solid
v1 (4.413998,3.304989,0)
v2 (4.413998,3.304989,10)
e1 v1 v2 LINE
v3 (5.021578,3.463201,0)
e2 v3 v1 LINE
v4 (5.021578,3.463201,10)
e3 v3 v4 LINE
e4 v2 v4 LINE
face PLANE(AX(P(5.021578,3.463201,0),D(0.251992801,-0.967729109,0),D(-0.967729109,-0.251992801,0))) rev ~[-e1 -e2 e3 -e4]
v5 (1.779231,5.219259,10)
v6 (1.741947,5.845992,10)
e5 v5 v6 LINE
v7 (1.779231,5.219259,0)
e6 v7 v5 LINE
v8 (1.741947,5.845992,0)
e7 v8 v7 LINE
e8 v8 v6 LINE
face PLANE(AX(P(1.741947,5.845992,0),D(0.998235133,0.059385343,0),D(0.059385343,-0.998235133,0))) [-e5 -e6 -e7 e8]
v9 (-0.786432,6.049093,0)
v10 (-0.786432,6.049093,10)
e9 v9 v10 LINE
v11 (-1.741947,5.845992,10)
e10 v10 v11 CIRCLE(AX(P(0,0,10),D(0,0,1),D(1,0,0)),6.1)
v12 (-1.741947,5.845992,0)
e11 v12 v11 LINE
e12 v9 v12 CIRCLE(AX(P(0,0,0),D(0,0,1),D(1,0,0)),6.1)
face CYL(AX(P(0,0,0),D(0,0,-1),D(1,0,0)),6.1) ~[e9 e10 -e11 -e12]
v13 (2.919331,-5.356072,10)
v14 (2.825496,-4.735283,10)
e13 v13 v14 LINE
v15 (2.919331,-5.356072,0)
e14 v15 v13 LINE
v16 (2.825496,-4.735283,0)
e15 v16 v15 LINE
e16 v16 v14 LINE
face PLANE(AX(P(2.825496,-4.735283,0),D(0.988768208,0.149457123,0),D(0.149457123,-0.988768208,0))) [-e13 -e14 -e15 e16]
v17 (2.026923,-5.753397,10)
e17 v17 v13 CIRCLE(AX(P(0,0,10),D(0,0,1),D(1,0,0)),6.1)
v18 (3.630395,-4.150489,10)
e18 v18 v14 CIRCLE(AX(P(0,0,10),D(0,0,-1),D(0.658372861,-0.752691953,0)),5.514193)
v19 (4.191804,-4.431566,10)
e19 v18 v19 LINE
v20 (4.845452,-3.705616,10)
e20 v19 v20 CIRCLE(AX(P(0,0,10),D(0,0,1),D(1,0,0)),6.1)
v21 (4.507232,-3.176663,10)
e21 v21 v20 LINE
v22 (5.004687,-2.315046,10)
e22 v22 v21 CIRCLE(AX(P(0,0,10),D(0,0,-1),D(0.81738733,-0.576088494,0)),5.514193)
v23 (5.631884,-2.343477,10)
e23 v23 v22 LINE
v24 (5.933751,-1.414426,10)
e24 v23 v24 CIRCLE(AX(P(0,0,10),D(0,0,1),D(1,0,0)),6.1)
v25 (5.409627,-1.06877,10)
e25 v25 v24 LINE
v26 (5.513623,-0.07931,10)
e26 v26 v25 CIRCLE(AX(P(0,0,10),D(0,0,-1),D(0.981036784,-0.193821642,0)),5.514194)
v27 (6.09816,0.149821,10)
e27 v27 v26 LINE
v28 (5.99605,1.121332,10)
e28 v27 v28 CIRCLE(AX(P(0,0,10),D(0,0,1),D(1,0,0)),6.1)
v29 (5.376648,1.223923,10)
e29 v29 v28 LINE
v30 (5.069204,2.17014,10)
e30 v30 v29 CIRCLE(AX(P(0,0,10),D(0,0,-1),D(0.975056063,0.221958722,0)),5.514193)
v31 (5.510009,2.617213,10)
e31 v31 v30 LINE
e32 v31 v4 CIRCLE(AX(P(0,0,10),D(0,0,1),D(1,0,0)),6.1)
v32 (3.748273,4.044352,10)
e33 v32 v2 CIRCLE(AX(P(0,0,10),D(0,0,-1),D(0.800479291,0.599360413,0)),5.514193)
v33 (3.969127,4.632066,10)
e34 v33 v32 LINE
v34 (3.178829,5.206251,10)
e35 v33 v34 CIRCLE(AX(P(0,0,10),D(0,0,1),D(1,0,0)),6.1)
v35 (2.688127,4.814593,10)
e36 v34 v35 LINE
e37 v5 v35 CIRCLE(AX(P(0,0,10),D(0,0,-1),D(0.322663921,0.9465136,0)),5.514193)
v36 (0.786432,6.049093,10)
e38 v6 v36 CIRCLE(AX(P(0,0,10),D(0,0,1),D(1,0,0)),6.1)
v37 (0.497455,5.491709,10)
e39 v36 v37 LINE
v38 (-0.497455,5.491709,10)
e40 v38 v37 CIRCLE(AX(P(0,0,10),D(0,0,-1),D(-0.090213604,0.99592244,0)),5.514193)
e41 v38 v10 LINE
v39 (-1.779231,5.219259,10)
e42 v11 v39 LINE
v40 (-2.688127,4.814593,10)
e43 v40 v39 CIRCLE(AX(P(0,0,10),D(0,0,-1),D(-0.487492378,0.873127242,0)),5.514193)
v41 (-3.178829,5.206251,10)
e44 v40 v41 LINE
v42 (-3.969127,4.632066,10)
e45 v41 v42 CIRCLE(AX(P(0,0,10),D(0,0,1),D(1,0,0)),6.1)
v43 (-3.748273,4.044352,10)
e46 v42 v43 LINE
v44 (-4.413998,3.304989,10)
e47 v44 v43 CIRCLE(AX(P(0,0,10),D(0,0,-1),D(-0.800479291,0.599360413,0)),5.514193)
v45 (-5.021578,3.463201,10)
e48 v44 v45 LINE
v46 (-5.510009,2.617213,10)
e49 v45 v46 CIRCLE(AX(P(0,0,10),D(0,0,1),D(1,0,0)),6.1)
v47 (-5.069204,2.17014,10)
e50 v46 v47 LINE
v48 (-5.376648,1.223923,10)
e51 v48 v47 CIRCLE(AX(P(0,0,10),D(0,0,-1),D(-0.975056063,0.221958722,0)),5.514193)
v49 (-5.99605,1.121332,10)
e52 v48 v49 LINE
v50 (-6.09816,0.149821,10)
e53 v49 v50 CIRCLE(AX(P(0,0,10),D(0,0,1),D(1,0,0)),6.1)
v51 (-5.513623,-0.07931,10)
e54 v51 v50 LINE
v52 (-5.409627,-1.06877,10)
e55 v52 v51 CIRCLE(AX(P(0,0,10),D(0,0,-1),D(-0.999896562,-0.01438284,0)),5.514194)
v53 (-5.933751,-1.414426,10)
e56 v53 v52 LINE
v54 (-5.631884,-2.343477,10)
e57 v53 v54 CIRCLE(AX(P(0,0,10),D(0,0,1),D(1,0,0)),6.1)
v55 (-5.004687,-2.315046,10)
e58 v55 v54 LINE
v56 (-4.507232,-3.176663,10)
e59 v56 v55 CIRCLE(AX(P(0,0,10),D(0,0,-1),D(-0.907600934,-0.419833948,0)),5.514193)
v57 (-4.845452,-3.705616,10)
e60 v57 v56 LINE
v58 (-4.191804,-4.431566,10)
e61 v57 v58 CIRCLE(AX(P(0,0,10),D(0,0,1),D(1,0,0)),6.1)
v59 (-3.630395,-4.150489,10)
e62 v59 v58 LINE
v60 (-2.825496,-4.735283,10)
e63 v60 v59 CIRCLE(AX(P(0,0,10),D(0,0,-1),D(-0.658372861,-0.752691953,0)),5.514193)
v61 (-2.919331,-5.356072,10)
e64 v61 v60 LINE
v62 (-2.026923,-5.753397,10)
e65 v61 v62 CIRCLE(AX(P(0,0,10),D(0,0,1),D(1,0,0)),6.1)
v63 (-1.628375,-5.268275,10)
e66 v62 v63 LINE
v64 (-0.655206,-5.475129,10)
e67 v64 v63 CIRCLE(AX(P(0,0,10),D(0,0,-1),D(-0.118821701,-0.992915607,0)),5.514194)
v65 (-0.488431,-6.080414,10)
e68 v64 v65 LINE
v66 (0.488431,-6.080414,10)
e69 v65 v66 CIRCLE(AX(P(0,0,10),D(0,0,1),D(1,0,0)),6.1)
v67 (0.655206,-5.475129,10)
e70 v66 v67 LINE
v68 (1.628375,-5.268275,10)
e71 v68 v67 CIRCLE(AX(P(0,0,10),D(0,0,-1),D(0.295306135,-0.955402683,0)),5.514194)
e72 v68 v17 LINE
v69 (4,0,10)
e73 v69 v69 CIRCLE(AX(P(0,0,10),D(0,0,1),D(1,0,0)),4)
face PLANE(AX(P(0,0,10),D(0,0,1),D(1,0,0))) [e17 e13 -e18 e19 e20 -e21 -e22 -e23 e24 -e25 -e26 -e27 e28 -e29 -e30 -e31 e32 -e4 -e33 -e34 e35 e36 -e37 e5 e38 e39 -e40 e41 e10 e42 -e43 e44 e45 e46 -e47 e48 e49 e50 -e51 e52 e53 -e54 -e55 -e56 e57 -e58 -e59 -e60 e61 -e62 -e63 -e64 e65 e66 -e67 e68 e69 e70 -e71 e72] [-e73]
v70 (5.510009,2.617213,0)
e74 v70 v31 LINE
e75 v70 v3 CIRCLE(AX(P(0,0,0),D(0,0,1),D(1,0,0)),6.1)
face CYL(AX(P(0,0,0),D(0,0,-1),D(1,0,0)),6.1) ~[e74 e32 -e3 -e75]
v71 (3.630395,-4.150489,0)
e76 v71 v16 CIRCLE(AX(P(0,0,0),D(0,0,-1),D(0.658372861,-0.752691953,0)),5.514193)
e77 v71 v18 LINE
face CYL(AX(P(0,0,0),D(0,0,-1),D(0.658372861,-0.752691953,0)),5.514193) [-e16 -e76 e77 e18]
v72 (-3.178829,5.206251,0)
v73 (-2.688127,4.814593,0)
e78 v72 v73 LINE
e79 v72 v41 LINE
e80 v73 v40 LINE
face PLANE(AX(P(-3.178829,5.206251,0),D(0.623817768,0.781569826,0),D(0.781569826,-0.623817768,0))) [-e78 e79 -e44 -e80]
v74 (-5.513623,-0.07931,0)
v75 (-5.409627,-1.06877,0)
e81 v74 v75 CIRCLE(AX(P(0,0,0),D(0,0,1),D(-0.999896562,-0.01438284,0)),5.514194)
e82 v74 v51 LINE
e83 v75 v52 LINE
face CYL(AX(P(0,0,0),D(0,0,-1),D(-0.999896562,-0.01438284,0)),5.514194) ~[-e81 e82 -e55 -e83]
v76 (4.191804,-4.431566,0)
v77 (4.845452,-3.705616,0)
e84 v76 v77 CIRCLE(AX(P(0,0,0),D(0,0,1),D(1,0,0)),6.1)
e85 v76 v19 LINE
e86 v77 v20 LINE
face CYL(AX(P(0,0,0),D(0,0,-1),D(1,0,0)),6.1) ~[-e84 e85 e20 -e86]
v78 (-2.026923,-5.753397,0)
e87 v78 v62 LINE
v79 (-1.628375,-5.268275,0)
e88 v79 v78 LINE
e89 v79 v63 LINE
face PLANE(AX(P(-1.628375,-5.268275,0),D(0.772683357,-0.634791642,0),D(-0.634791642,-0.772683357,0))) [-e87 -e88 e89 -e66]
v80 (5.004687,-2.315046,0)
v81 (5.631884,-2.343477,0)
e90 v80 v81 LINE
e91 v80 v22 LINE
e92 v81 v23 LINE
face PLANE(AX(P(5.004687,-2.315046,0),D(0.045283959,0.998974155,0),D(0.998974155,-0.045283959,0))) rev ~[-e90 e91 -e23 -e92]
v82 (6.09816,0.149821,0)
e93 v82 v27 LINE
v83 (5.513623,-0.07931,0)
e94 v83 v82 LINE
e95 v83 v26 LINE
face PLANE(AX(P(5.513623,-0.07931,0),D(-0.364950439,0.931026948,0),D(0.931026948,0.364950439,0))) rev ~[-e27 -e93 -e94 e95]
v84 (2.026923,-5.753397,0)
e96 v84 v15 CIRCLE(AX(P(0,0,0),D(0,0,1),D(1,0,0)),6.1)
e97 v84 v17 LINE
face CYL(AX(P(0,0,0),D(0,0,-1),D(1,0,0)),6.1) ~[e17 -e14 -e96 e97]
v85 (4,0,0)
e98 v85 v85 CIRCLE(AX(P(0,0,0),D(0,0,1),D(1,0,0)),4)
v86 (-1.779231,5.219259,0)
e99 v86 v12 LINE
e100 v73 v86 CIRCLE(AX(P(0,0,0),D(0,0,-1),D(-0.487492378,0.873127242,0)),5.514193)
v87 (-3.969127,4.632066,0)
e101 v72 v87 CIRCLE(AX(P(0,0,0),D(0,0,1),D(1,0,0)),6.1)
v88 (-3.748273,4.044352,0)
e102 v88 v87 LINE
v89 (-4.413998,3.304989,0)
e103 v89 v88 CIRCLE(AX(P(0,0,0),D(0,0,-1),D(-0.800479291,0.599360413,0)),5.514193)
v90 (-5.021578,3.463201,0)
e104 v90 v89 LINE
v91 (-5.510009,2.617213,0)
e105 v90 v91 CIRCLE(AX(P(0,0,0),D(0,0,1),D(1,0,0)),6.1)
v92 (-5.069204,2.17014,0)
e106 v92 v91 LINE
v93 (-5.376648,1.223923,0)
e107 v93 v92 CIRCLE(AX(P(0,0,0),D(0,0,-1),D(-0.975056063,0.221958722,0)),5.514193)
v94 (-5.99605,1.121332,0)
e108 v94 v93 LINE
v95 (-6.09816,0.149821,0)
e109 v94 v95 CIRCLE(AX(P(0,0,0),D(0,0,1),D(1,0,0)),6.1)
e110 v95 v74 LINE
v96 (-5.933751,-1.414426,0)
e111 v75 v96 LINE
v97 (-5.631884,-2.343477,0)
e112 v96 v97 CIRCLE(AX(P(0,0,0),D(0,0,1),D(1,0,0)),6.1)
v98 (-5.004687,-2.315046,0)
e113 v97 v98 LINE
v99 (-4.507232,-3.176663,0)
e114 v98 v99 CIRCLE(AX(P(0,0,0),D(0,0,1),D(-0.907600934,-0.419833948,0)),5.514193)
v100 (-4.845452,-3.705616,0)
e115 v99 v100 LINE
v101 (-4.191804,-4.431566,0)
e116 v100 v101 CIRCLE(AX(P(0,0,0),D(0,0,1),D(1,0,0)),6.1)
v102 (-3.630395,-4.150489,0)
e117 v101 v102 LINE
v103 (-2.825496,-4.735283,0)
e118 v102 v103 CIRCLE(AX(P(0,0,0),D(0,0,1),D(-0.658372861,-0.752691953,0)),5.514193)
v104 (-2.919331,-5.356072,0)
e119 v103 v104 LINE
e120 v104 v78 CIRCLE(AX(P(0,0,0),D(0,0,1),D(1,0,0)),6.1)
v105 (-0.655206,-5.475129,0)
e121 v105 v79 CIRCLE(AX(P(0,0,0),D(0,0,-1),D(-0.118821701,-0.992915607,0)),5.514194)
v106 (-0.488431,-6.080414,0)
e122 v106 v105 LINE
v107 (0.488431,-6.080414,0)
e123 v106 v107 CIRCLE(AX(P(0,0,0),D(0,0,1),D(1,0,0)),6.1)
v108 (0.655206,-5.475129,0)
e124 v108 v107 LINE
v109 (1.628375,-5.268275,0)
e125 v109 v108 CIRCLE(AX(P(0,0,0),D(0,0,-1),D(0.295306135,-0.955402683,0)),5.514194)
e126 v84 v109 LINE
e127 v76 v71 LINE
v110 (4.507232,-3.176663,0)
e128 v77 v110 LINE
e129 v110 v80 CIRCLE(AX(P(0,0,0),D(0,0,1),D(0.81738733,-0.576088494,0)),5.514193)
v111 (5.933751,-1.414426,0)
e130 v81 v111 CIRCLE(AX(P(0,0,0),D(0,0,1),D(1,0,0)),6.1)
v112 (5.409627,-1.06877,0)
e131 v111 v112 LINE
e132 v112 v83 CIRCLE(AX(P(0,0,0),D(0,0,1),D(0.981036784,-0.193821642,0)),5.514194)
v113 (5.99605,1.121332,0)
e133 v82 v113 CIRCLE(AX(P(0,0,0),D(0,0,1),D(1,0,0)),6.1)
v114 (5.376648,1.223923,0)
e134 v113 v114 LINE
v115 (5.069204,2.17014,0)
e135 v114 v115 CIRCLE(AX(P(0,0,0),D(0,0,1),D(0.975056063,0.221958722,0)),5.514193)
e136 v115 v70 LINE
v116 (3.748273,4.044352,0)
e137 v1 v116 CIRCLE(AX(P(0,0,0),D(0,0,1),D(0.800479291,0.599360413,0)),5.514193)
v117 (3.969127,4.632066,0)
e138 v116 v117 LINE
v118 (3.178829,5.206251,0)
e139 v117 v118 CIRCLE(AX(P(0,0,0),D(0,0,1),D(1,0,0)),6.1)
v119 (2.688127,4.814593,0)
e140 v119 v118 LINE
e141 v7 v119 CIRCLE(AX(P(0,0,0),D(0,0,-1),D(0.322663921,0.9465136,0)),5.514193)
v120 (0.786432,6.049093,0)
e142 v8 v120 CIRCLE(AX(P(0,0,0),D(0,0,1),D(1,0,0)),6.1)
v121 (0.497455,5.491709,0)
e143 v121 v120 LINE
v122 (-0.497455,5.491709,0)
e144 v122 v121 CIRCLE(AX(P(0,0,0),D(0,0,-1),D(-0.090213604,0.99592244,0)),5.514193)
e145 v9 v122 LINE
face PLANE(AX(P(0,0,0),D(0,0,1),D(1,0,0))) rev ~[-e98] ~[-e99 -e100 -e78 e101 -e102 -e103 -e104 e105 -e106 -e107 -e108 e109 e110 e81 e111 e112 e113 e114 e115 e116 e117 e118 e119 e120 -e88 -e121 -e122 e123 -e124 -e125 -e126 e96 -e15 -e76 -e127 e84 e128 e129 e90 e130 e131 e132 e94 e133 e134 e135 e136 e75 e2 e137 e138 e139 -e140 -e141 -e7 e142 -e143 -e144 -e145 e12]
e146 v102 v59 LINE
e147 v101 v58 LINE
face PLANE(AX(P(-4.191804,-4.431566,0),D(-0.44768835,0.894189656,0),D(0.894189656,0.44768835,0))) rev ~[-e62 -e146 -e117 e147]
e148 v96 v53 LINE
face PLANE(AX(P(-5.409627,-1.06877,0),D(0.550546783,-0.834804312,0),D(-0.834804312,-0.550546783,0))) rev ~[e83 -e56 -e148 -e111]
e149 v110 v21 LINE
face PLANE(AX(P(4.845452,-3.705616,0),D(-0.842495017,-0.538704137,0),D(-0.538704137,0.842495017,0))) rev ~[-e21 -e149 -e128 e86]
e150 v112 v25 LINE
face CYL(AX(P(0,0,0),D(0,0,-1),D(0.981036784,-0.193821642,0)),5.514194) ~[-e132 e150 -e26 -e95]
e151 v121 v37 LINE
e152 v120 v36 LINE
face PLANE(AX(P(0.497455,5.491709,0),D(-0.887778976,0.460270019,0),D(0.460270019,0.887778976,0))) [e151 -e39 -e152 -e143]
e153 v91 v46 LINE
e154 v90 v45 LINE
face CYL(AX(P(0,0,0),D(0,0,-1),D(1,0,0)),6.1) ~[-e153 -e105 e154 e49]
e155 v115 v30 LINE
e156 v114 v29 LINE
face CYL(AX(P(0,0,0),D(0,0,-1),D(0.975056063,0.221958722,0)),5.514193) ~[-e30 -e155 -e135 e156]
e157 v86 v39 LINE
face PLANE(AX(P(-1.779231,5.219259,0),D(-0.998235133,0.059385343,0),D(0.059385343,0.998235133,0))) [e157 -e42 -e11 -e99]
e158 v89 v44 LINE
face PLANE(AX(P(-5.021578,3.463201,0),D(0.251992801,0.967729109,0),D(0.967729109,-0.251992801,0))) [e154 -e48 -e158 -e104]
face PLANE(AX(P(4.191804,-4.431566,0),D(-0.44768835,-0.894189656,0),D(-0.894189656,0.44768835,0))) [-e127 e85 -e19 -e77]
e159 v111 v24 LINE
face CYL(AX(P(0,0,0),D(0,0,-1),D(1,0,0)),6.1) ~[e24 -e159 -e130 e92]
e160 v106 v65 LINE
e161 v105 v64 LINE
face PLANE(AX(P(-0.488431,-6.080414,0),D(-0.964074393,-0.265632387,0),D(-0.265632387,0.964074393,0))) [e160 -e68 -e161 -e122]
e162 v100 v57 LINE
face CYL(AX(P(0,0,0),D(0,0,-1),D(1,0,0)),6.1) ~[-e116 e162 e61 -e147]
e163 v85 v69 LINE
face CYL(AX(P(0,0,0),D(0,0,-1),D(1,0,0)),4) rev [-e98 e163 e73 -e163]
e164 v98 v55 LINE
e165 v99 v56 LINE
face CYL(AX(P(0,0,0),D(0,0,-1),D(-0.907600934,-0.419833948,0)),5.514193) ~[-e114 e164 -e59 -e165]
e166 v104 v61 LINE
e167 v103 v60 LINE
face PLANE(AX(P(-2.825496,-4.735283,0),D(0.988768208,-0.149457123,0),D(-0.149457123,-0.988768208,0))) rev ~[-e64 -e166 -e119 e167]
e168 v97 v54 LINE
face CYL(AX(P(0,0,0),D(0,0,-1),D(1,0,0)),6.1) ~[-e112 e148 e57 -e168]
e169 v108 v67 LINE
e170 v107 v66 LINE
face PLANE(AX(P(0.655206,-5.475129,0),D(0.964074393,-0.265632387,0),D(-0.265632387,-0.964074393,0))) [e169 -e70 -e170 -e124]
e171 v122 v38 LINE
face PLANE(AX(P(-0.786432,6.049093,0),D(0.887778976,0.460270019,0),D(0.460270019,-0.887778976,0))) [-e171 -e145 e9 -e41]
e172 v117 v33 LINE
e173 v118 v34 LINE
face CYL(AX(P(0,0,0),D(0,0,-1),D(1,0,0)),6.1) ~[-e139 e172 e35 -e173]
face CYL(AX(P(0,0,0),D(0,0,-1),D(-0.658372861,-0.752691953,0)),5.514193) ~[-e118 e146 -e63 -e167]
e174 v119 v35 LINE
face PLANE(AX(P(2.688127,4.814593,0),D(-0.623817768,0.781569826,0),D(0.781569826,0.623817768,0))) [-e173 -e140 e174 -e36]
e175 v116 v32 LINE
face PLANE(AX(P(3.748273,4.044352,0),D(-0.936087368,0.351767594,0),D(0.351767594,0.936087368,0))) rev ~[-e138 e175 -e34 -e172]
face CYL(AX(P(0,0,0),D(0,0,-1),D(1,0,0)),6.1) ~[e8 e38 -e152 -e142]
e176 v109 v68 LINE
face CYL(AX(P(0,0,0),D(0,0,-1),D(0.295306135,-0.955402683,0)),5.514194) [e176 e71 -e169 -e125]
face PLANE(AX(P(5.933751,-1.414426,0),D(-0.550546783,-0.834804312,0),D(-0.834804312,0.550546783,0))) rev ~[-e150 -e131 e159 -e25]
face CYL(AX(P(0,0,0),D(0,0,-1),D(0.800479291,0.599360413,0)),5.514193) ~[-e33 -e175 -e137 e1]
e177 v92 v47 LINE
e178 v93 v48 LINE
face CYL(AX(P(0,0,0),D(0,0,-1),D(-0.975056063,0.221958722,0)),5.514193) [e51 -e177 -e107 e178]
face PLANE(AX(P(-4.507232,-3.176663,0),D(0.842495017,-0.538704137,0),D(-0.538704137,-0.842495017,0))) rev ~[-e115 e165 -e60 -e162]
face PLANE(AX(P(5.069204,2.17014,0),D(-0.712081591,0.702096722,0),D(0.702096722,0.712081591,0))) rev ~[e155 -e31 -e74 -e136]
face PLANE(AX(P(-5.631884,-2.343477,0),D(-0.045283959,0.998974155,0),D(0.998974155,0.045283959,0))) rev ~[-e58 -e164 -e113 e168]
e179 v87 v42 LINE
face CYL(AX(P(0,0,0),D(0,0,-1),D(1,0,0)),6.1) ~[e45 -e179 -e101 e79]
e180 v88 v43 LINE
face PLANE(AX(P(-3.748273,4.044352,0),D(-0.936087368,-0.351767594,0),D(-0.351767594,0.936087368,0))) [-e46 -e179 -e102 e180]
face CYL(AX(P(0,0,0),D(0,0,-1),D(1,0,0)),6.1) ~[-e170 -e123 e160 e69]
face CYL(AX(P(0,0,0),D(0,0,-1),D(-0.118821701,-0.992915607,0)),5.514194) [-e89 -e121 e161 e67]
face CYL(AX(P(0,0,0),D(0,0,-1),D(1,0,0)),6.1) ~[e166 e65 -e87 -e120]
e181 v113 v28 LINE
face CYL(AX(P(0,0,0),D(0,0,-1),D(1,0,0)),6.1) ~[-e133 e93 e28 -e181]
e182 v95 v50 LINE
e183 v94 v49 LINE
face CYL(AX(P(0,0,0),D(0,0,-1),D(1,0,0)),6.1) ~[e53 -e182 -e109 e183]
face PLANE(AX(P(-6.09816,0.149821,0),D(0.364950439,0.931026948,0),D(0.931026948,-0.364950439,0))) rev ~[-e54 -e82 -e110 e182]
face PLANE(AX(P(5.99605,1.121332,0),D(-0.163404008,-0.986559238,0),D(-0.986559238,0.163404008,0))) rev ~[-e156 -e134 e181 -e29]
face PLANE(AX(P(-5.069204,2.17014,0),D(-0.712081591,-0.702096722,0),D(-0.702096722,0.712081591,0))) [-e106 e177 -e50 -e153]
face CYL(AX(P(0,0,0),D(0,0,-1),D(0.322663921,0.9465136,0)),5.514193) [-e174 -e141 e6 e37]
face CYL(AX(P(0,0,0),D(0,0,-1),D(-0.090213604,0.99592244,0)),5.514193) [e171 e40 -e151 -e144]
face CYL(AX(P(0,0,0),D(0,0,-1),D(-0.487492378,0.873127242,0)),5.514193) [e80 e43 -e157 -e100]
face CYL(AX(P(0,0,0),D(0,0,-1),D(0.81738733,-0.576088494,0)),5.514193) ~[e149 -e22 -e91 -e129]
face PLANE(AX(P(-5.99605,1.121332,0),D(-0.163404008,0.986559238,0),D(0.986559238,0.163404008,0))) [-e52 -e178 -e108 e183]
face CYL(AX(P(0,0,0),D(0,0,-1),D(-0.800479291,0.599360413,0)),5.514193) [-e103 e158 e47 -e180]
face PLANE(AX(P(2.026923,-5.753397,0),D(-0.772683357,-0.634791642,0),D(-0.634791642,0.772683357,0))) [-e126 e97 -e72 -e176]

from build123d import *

# Parameters (mm, degrees)
ESQUISSE1_R                  = 6.1
ESQUISSE1_R_2                = 4
BOSS_EXTRU_1_DEPTH           = 10
ENL_V_MAT_EXTRU_1_DEPTH      = 12
ENL_V_MAT_EXTRU_1_DEPTH_BACK = 1


with BuildPart() as part:
    # Esquisse1 → Boss.-Extru.1 (new body)
    with BuildSketch(Plane.XY):
        Circle(ESQUISSE1_R)
        Circle(ESQUISSE1_R_2, mode=Mode.SUBTRACT)
    extrude(amount=BOSS_EXTRU_1_DEPTH)

    # Esquisse3 → Enlèv. mat.-Extru.1 (cut, two sides)
    with BuildSketch(Plane.XY) as enl_v_mat_extru_1_sk:
        with BuildLine():
            Line((-4.507231971, -3.176663454), (-4.845452386, -3.705616166))
            ThreePointArc((-4.845452386, -3.705616166), (-5.282754963, -3.05), (-5.63188393, -2.343476776))
            Line((-5.63188393, -2.343476776), (-5.004687237, -2.315045661))
            ThreePointArc((-5.004687237, -2.315045661), (-4.775431715, -2.757096786), (-4.507231971, -3.176663454))
        make_face()
        with BuildLine():
            Line((-5.409626724, -1.068770068), (-5.933750898, -1.414425779))
            ThreePointArc((-5.933750898, -1.414425779), (-6.066583562, -0.637623626), (-6.098159859, 0.149821))
            Line((-6.098159859, 0.149821), (-5.513623192, -0.079309761))
            ThreePointArc((-5.513623192, -0.079309761), (-5.483986242, -0.57639018), (-5.409626724, -1.068770068))
        make_face()
        with BuildLine():
            ThreePointArc((-4.413997755, 3.304989344), (-4.09784442, 3.689715688), (-3.748272669, 4.044351956))
            Line((-3.748272669, 4.044351956), (-3.969126703, 4.632065761))
            ThreePointArc((-3.969126703, 4.632065761), (-4.533183435, 4.081696699), (-5.021577535, 3.463200696))
            Line((-5.021577535, 3.463200696), (-4.413997755, 3.304989344))
        make_face()
        with BuildLine():
            ThreePointArc((-2.688127328, 4.814592632), (-2.242824583, 5.03746649), (-1.779231332, 5.219259201))
            Line((-1.779231332, 5.219259201), (-1.741946793, 5.845991907))
            ThreePointArc((-1.741946793, 5.845991907), (-2.481093523, 5.572627292), (-3.178828722, 5.206250854))
            Line((-3.178828722, 5.206250854), (-2.688127328, 4.814592632))
        make_face()
        with BuildLine():
            Line((0.497455265, 5.491709115), (0.786431544, 6.049092943))
            ThreePointArc((0.786431544, 6.049092943), (0, 6.1), (-0.786431544, 6.049092943))
            Line((-0.786431544, 6.049092943), (-0.497455265, 5.491709115))
            ThreePointArc((-0.497455265, 5.491709115), (0, 5.514193572), (0.497455265, 5.491709115))
        make_face()
        with BuildLine():
            Line((2.688127328, 4.814592632), (3.178828722, 5.206250854))
            ThreePointArc((3.178828722, 5.206250854), (2.481093523, 5.572627292), (1.741946793, 5.845991907))
            Line((1.741946793, 5.845991907), (1.779231332, 5.219259201))
            ThreePointArc((1.779231332, 5.219259201), (2.242824583, 5.03746649), (2.688127328, 4.814592632))
        make_face()
        with BuildLine():
            Line((3.748272669, 4.044351956), (3.969126703, 4.632065761))
            ThreePointArc((3.969126703, 4.632065761), (4.533183435, 4.081696699), (5.021577535, 3.463200696))
            Line((5.021577535, 3.463200696), (4.413997755, 3.304989344))
            ThreePointArc((4.413997755, 3.304989344), (4.09784442, 3.689715688), (3.748272669, 4.044351956))
        make_face()
        with BuildLine():
            Line((-5.069203609, 2.170139516), (-5.510008549, 2.617213364))
            ThreePointArc((-5.510008549, 2.617213364), (-5.801444749, 1.885003666), (-5.996049973, 1.121331676))
            Line((-5.996049973, 1.121331676), (-5.37664787, 1.223923373))
            ThreePointArc((-5.37664787, 1.223923373), (-5.244309729, 1.703979524), (-5.069203609, 2.170139516))
        make_face()
        with BuildLine():
            ThreePointArc((5.510008549, 2.617213364), (5.801444749, 1.885003666), (5.996049973, 1.121331676))
            Line((5.996049973, 1.121331676), (5.37664787, 1.223923373))
            ThreePointArc((5.37664787, 1.223923373), (5.244309729, 1.703979524), (5.069203609, 2.170139516))
            Line((5.069203609, 2.170139516), (5.510008549, 2.617213364))
        make_face()
        with BuildLine():
            Line((5.513623192, -0.079309761), (6.098159859, 0.149821))
            ThreePointArc((6.098159859, 0.149821), (6.066583562, -0.637623626), (5.933750898, -1.414425779))
            Line((5.933750898, -1.414425779), (5.409626724, -1.068770068))
            ThreePointArc((5.409626724, -1.068770068), (5.483986242, -0.57639018), (5.513623192, -0.079309761))
        make_face()
        with BuildLine():
            Line((5.004687237, -2.315045661), (5.63188393, -2.343476776))
            ThreePointArc((5.63188393, -2.343476776), (5.282754963, -3.05), (4.845452386, -3.705616166))
            Line((4.845452386, -3.705616166), (4.507231971, -3.176663454))
            ThreePointArc((4.507231971, -3.176663454), (4.775431715, -2.757096786), (5.004687237, -2.315045661))
        make_face()
        with BuildLine():
            ThreePointArc((3.630395391, -4.150489134), (3.24116166, -4.46107631), (2.825495864, -4.735282871))
            Line((2.825495864, -4.735282871), (2.919331138, -5.356071854))
            ThreePointArc((2.919331138, -5.356071854), (3.585490039, -4.935003666), (4.191804105, -4.431566128))
            Line((4.191804105, -4.431566128), (3.630395391, -4.150489134))
        make_face()
        with BuildLine():
            ThreePointArc((1.628375202, -5.26827533), (1.146465309, -5.393695212), (0.655205854, -5.47512886))
            Line((0.655205854, -5.47512886), (0.488431014, -6.08041406))
            ThreePointArc((0.488431014, -6.08041406), (1.268261314, -5.966700364), (2.026923269, -5.753397436))
            Line((2.026923269, -5.753397436), (1.628375202, -5.26827533))
        make_face()
        with BuildLine():
            ThreePointArc((-0.655205854, -5.47512886), (-1.146465309, -5.393695212), (-1.628375202, -5.26827533))
            Line((-1.628375202, -5.26827533), (-2.026923269, -5.753397436))
            ThreePointArc((-2.026923269, -5.753397436), (-1.268261314, -5.966700364), (-0.488431014, -6.08041406))
            Line((-0.488431014, -6.08041406), (-0.655205854, -5.47512886))
        make_face()
        with BuildLine():
            ThreePointArc((-2.919331138, -5.356071854), (-3.585490039, -4.935003666), (-4.191804105, -4.431566128))
            Line((-4.191804105, -4.431566128), (-3.630395391, -4.150489134))
            ThreePointArc((-3.630395391, -4.150489134), (-3.24116166, -4.46107631), (-2.825495864, -4.735282871))
            Line((-2.825495864, -4.735282871), (-2.919331138, -5.356071854))
        make_face()
    extrude(amount=ENL_V_MAT_EXTRU_1_DEPTH, mode=Mode.SUBTRACT)
    extrude(enl_v_mat_extru_1_sk.sketch, amount=-ENL_V_MAT_EXTRU_1_DEPTH_BACK, mode=Mode.SUBTRACT)


solid = part.part
